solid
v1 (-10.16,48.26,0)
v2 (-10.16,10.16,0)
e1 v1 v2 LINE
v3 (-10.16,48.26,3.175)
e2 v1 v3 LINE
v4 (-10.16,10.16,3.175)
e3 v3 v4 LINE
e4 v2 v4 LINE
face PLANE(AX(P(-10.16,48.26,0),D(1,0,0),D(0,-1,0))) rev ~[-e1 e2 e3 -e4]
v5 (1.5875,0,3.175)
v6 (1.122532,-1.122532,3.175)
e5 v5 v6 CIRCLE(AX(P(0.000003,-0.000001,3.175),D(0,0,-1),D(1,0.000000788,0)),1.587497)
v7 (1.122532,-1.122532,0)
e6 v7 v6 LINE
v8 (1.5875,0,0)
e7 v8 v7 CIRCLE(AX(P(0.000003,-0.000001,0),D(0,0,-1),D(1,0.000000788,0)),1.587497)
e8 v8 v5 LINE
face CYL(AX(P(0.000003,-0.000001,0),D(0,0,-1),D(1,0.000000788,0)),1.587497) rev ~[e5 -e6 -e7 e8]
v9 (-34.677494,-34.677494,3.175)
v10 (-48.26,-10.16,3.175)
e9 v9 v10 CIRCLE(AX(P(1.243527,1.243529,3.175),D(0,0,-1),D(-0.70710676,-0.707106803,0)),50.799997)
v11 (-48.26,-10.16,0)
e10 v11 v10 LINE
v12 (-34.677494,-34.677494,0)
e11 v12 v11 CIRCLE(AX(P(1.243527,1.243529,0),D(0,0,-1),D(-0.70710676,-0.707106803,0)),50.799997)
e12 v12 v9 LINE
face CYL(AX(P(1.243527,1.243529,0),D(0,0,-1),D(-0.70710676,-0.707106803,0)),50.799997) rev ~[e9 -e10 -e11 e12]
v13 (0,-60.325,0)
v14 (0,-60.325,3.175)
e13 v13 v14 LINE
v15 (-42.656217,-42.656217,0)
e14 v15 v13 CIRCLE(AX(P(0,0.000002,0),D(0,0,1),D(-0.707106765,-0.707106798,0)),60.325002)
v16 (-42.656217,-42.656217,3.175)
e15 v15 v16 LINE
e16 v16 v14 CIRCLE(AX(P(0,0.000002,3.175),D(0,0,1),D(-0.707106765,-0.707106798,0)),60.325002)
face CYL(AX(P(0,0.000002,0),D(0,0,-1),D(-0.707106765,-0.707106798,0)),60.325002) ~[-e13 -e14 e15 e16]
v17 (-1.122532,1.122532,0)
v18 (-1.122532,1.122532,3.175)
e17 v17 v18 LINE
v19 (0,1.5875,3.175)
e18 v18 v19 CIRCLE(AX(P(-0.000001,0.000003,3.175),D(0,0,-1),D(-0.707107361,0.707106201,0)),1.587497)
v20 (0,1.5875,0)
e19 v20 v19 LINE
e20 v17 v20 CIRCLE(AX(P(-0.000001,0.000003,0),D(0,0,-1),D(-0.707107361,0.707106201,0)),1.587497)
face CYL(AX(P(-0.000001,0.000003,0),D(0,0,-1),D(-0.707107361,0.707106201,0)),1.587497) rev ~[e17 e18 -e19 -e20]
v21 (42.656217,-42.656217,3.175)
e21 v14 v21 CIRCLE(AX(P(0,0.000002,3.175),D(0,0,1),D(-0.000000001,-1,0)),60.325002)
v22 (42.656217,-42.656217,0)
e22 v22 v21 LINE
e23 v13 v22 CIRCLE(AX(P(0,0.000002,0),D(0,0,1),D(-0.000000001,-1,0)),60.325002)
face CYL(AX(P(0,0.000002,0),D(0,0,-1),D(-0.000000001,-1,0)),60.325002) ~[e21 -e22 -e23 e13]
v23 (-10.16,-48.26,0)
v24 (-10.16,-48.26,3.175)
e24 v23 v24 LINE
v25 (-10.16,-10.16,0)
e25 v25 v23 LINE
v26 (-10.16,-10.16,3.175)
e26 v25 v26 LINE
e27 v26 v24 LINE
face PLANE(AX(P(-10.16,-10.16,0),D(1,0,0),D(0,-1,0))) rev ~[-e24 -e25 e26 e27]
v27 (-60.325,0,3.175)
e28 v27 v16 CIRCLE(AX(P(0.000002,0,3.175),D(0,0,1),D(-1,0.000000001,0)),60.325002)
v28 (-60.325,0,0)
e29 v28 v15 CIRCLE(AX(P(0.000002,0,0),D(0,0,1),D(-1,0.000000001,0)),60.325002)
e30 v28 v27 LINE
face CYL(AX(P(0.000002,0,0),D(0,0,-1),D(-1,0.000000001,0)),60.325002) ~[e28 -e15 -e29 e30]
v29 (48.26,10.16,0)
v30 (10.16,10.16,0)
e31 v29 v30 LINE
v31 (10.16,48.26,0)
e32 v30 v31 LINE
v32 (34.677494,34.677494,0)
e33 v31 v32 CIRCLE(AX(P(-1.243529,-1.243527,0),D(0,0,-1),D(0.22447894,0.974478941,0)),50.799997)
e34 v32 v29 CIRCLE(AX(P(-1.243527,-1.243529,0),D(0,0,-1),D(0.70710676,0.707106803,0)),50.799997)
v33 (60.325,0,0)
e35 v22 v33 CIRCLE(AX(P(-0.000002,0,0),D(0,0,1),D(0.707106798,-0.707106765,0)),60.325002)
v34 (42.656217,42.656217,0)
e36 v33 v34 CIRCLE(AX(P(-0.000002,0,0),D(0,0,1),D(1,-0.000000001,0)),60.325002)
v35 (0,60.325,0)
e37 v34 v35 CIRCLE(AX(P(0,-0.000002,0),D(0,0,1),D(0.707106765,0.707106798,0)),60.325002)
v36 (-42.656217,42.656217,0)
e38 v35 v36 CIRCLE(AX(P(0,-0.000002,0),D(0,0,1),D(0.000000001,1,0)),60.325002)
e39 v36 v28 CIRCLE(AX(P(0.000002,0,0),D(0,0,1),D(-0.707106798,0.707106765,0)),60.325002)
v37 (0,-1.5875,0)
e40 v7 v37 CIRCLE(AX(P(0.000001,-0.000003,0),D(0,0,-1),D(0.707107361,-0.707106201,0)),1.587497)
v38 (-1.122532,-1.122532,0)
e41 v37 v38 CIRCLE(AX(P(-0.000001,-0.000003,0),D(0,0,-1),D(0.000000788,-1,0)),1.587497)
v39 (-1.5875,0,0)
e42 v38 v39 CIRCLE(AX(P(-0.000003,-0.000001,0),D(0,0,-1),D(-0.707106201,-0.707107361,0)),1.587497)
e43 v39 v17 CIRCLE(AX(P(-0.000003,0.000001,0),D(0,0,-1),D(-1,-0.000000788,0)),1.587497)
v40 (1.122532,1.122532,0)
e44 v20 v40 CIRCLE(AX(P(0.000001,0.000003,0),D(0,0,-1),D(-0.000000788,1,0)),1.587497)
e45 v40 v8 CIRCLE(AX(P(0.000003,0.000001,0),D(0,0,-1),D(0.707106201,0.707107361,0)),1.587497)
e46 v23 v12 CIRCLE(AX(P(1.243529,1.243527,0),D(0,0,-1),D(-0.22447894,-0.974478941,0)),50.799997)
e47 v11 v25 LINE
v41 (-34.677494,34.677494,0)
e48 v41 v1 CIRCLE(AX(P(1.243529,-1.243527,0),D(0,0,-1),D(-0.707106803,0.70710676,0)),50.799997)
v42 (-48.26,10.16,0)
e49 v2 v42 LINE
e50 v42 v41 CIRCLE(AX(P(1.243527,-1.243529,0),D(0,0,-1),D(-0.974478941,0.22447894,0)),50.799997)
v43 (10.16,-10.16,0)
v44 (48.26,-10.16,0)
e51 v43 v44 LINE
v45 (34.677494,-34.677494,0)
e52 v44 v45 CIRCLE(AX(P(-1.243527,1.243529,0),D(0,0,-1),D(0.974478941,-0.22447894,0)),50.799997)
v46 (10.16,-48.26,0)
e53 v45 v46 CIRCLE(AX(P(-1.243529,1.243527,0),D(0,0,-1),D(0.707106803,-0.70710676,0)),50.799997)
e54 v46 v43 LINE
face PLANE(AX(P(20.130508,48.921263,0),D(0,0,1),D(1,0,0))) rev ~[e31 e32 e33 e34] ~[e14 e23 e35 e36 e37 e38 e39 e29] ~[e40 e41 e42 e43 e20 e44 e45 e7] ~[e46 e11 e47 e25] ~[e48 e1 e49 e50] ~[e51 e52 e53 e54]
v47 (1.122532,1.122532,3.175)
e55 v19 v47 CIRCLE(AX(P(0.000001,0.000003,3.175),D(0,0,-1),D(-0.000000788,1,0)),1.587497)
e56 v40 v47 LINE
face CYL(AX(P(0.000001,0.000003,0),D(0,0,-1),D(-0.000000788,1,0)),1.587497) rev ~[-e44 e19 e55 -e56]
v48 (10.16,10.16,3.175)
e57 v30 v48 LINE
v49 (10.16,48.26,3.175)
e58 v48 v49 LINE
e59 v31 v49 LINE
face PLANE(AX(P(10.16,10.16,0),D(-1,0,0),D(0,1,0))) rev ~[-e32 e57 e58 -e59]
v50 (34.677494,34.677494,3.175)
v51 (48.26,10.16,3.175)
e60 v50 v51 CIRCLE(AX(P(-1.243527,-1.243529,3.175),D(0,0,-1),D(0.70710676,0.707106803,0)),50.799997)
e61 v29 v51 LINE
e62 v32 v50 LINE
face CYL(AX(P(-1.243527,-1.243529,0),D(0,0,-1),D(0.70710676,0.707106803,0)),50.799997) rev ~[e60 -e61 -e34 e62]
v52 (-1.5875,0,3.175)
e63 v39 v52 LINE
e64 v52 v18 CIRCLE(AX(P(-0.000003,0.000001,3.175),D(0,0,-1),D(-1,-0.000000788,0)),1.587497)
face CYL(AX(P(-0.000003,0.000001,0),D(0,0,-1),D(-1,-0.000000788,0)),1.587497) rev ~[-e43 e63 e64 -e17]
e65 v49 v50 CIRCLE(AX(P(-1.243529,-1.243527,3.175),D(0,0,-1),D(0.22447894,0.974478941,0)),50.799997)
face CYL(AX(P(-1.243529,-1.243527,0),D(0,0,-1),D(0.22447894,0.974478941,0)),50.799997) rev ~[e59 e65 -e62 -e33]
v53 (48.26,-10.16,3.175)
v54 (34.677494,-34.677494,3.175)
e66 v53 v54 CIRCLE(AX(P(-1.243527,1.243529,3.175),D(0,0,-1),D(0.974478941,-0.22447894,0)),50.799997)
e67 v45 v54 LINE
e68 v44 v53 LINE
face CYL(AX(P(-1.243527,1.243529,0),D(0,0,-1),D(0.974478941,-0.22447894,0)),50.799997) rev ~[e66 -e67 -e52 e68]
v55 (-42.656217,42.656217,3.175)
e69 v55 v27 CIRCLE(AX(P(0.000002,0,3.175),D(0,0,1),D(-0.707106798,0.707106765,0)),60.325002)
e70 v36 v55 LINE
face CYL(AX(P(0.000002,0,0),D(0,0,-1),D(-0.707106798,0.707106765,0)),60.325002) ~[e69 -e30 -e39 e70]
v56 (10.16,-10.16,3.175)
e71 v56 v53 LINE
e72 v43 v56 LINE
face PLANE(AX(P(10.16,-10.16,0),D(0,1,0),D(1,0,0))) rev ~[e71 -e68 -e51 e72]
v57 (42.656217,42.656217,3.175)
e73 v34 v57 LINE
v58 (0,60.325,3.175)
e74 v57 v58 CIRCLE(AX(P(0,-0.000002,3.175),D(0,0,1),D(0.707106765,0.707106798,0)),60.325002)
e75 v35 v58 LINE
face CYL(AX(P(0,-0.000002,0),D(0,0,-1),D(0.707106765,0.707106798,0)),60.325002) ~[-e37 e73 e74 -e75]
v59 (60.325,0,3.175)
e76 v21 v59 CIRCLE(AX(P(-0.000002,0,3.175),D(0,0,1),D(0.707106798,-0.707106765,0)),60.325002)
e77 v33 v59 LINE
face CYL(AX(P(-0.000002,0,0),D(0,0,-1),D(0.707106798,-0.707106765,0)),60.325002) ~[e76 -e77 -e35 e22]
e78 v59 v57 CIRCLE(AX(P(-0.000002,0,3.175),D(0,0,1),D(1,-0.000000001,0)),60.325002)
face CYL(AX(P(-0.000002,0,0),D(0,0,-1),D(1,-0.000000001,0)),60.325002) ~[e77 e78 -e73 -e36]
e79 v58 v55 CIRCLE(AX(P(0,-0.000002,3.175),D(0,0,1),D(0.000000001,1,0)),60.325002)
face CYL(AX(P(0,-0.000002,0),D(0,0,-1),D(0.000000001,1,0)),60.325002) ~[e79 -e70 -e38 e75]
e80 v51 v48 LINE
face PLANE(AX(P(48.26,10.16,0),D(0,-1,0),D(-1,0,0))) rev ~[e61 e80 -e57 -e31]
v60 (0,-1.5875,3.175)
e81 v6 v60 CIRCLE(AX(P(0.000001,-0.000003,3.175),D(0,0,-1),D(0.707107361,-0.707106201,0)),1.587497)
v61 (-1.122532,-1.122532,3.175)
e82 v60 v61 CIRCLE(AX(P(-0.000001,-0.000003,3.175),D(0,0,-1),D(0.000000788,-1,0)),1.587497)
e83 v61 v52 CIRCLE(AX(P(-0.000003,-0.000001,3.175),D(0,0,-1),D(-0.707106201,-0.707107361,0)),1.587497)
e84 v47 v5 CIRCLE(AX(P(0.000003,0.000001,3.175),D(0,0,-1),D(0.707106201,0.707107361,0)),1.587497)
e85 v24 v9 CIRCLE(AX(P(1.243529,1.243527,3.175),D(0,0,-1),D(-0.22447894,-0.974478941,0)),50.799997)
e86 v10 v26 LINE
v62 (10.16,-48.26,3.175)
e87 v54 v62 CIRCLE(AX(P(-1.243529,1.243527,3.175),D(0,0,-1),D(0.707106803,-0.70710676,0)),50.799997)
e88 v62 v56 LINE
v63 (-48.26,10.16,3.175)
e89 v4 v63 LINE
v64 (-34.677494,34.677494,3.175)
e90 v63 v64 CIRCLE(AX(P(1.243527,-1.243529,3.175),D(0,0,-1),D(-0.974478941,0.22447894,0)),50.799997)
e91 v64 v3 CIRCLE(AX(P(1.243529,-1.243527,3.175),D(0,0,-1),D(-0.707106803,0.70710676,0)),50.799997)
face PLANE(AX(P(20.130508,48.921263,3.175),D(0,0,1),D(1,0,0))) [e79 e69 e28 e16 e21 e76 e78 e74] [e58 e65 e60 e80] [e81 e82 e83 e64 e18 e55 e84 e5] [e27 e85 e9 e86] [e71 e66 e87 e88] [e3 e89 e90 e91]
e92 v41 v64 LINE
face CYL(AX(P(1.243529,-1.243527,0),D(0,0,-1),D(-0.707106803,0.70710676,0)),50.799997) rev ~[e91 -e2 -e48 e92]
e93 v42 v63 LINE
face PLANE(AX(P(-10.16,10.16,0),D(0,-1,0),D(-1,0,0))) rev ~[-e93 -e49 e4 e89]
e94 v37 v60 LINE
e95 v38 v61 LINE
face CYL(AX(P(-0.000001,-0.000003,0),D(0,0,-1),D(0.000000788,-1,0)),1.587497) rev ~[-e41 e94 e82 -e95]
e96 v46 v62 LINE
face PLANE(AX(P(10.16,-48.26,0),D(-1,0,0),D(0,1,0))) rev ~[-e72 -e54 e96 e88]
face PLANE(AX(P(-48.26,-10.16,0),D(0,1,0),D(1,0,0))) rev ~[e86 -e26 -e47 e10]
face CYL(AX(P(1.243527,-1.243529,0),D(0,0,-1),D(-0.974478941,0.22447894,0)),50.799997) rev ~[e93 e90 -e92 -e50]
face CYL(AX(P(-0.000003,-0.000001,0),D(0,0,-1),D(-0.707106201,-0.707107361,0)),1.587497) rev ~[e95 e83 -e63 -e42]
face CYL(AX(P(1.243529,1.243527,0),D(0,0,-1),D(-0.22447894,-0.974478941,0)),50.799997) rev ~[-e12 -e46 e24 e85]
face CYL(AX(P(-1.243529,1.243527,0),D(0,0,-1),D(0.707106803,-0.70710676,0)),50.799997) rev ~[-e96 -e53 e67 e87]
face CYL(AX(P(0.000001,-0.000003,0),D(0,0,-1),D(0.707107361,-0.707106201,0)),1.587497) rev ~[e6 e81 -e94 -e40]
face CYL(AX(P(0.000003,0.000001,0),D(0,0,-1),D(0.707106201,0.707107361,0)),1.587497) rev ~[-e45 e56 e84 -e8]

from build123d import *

# Parameters (mm, degrees)
F1_DEPTH = 3.175


with BuildPart() as f1:
    # F0 (on Top) → F1 (new body)
    with BuildSketch(Plane.XY):
        with BuildLine():
            Line((34.677494, 34.677494), (42.656217, 42.656217))
            ThreePointArc((42.656217, 42.656217), (23.085378, 55.733033), (0, 60.325))
            Line((0, 60.325), (0, 48.26))
            Line((0, 48.26), (10.16, 48.26))
            ThreePointArc((10.16, 48.26), (23.374034, 43.193116), (34.677494, 34.677494))
        make_face()
        with BuildLine():
            Line((48.26, 0), (60.325, 0))
            ThreePointArc((60.325, 0), (55.733033, 23.085378), (42.656217, 42.656217))
            Line((42.656217, 42.656217), (34.677494, 34.677494))
            ThreePointArc((34.677494, 34.677494), (43.193116, 23.374034), (48.26, 10.16))
            Line((48.26, 10.16), (48.26, 0))
        make_face()
        with BuildLine():
            Line((0, 48.26), (0, 60.325))
            ThreePointArc((0, 60.325), (-23.085378, 55.733033), (-42.656217, 42.656217))
            Line((-42.656217, 42.656217), (-34.677494, 34.677494))
            ThreePointArc((-34.677494, 34.677494), (-23.374034, 43.193116), (-10.16, 48.26))
            Line((-10.16, 48.26), (0, 48.26))
        make_face()
        with BuildLine():
            Line((-34.677494, 34.677494), (-42.656217, 42.656217))
            ThreePointArc((-42.656217, 42.656217), (-55.733033, 23.085378), (-60.325, 0))
            Line((-60.325, 0), (-48.26, 0))
            Line((-48.26, 0), (-48.26, 10.16))
            ThreePointArc((-48.26, 10.16), (-43.193116, 23.374034), (-34.677494, 34.677494))
        make_face()
        with BuildLine():
            Line((0, 17.78), (0, 48.26))
            Line((0, 48.26), (-10.16, 48.26))
            Line((-10.16, 48.26), (-10.16, 14.591189))
            ThreePointArc((-10.16, 14.591189), (-5.324334, 16.964076), (0, 17.78))
        make_face()
        with BuildLine():
            Line((10.16, 48.26), (0, 48.26))
            Line((0, 48.26), (0, 17.78))
            ThreePointArc((0, 17.78), (5.324334, 16.964076), (10.16, 14.591189))
            Line((10.16, 14.591189), (10.16, 48.26))
        make_face()
        with BuildLine():
            ThreePointArc((10.16, 14.591189), (5.324334, 16.964076), (0, 17.78))
            Line((0, 17.78), (0, 10.16))
            Line((0, 10.16), (10.16, 10.16))
            Line((10.16, 10.16), (10.16, 14.591189))
        make_face()
        with BuildLine():
            Line((0, 10.16), (0, 17.78))
            ThreePointArc((0, 17.78), (-5.324334, 16.964076), (-10.16, 14.591189))
            Line((-10.16, 14.591189), (-10.16, 10.16))
            Line((-10.16, 10.16), (0, 10.16))
        make_face()
        with BuildLine():
            Line((0, 1.5875), (0, 10.16))
            Line((0, 10.16), (-10.16, 10.16))
            Line((-10.16, 10.16), (-1.122532, 1.122532))
            ThreePointArc((-1.122532, 1.122532), (-0.60751, 1.466659), (0, 1.5875))
        make_face()
        with BuildLine():
            Line((-1.122532, 1.122532), (-10.16, 10.16))
            Line((-10.16, 10.16), (-10.16, 0))
            Line((-10.16, 0), (-1.5875, 0))
            ThreePointArc((-1.5875, 0), (-1.466659, 0.60751), (-1.122532, 1.122532))
        make_face()
        with BuildLine():
            ThreePointArc((-14.591189, 10.16), (-16.964076, 5.324334), (-17.78, 0))
            Line((-17.78, 0), (-10.16, 0))
            Line((-10.16, 0), (-10.16, 10.16))
            Line((-10.16, 10.16), (-14.591189, 10.16))
        make_face()
        with BuildLine():
            Line((10.16, 0), (17.78, 0))
            ThreePointArc((17.78, 0), (16.964076, 5.324334), (14.591189, 10.16))
            Line((14.591189, 10.16), (10.16, 10.16))
            Line((10.16, 10.16), (10.16, 0))
        make_face()
        with BuildLine():
            Line((1.122532, 1.122532), (10.16, 10.16))
            Line((10.16, 10.16), (0, 10.16))
            Line((0, 10.16), (0, 1.5875))
            ThreePointArc((0, 1.5875), (0.60751, 1.466659), (1.122532, 1.122532))
        make_face()
        with BuildLine():
            Line((1.5875, 0), (10.16, 0))
            Line((10.16, 0), (10.16, 10.16))
            Line((10.16, 10.16), (1.122532, 1.122532))
            ThreePointArc((1.122532, 1.122532), (1.466659, 0.60751), (1.5875, 0))
        make_face()
        with BuildLine():
            Line((-10.16, 0), (-17.78, 0))
            ThreePointArc((-17.78, 0), (-16.964076, -5.324334), (-14.591189, -10.16))
            Line((-14.591189, -10.16), (-10.16, -10.16))
            Line((-10.16, -10.16), (-10.16, 0))
        make_face()
        with BuildLine():
            Line((-10.16, -10.16), (0, -10.16))
            Line((0, -10.16), (0, -1.5875))
            ThreePointArc((0, -1.5875), (-0.60751, -1.466659), (-1.122532, -1.122532))
            Line((-1.122532, -1.122532), (-10.16, -10.16))
        make_face()
        with BuildLine():
            ThreePointArc((-10.16, -14.591189), (-5.324334, -16.964076), (0, -17.78))
            Line((0, -17.78), (0, -10.16))
            Line((0, -10.16), (-10.16, -10.16))
            Line((-10.16, -10.16), (-10.16, -14.591189))
        make_face()
        with BuildLine():
            Line((0, -10.16), (0, -17.78))
            ThreePointArc((0, -17.78), (5.324334, -16.964076), (10.16, -14.591189))
            Line((10.16, -14.591189), (10.16, -10.16))
            Line((10.16, -10.16), (0, -10.16))
        make_face()
        with BuildLine():
            Line((0, -10.16), (10.16, -10.16))
            Line((10.16, -10.16), (1.122532, -1.122532))
            ThreePointArc((1.122532, -1.122532), (0.60751, -1.466659), (0, -1.5875))
            Line((0, -1.5875), (0, -10.16))
        make_face()
        with BuildLine():
            ThreePointArc((14.591189, -10.16), (16.964076, -5.324334), (17.78, 0))
            Line((17.78, 0), (10.16, 0))
            Line((10.16, 0), (10.16, -10.16))
            Line((10.16, -10.16), (14.591189, -10.16))
        make_face()
        with BuildLine():
            Line((17.78, 0), (48.26, 0))
            Line((48.26, 0), (48.26, 10.16))
            Line((48.26, 10.16), (14.591189, 10.16))
            ThreePointArc((14.591189, 10.16), (16.964076, 5.324334), (17.78, 0))
        make_face()
        with BuildLine():
            Line((48.26, -10.16), (48.26, 0))
            Line((48.26, 0), (17.78, 0))
            ThreePointArc((17.78, 0), (16.964076, -5.324334), (14.591189, -10.16))
            Line((14.591189, -10.16), (48.26, -10.16))
        make_face()
        with BuildLine():
            Line((-48.26, 10.16), (-48.26, 0))
            Line((-48.26, 0), (-17.78, 0))
            ThreePointArc((-17.78, 0), (-16.964076, 5.324334), (-14.591189, 10.16))
            Line((-14.591189, 10.16), (-48.26, 10.16))
        make_face()
        with BuildLine():
            Line((-17.78, 0), (-48.26, 0))
            Line((-48.26, 0), (-48.26, -10.16))
            Line((-48.26, -10.16), (-14.591189, -10.16))
            ThreePointArc((-14.591189, -10.16), (-16.964076, -5.324334), (-17.78, 0))
        make_face()
        with BuildLine():
            Line((-10.16, -48.26), (0, -48.26))
            Line((0, -48.26), (0, -17.78))
            ThreePointArc((0, -17.78), (-5.324334, -16.964076), (-10.16, -14.591189))
            Line((-10.16, -14.591189), (-10.16, -48.26))
        make_face()
        with BuildLine():
            Line((0, -17.78), (0, -48.26))
            Line((0, -48.26), (10.16, -48.26))
            Line((10.16, -48.26), (10.16, -14.591189))
            ThreePointArc((10.16, -14.591189), (5.324334, -16.964076), (0, -17.78))
        make_face()
        with BuildLine():
            ThreePointArc((42.656217, -42.656217), (55.733033, -23.085378), (60.325, 0))
            Line((60.325, 0), (48.26, 0))
            Line((48.26, 0), (48.26, -10.16))
            ThreePointArc((48.26, -10.16), (43.193116, -23.374034), (34.677494, -34.677494))
            Line((34.677494, -34.677494), (42.656217, -42.656217))
        make_face()
        with BuildLine():
            ThreePointArc((0, -60.325), (23.085378, -55.733033), (42.656217, -42.656217))
            Line((42.656217, -42.656217), (34.677494, -34.677494))
            ThreePointArc((34.677494, -34.677494), (23.374034, -43.193116), (10.16, -48.26))
            Line((10.16, -48.26), (0, -48.26))
            Line((0, -48.26), (0, -60.325))
        make_face()
        with BuildLine():
            ThreePointArc((-42.656217, -42.656217), (-23.085378, -55.733033), (0, -60.325))
            Line((0, -60.325), (0, -48.26))
            Line((0, -48.26), (-10.16, -48.26))
            ThreePointArc((-10.16, -48.26), (-23.374034, -43.193116), (-34.677494, -34.677494))
            Line((-34.677494, -34.677494), (-42.656217, -42.656217))
        make_face()
        with BuildLine():
            ThreePointArc((-60.325, 0), (-55.733033, -23.085378), (-42.656217, -42.656217))
            Line((-42.656217, -42.656217), (-34.677494, -34.677494))
            ThreePointArc((-34.677494, -34.677494), (-43.193116, -23.374034), (-48.26, -10.16))
            Line((-48.26, -10.16), (-48.26, 0))
            Line((-48.26, 0), (-60.325, 0))
        make_face()
        with BuildLine():
            Line((10.16, -10.16), (10.16, 0))
            Line((10.16, 0), (1.5875, 0))
            ThreePointArc((1.5875, 0), (1.466659, -0.60751), (1.122532, -1.122532))
            Line((1.122532, -1.122532), (10.16, -10.16))
        make_face()
        with BuildLine():
            Line((-10.16, 0), (-10.16, -10.16))
            Line((-10.16, -10.16), (-1.122532, -1.122532))
            ThreePointArc((-1.122532, -1.122532), (-1.466659, -0.60751), (-1.5875, 0))
            Line((-1.5875, 0), (-10.16, 0))
        make_face()
    extrude(amount=F1_DEPTH)


solid = f1.part
